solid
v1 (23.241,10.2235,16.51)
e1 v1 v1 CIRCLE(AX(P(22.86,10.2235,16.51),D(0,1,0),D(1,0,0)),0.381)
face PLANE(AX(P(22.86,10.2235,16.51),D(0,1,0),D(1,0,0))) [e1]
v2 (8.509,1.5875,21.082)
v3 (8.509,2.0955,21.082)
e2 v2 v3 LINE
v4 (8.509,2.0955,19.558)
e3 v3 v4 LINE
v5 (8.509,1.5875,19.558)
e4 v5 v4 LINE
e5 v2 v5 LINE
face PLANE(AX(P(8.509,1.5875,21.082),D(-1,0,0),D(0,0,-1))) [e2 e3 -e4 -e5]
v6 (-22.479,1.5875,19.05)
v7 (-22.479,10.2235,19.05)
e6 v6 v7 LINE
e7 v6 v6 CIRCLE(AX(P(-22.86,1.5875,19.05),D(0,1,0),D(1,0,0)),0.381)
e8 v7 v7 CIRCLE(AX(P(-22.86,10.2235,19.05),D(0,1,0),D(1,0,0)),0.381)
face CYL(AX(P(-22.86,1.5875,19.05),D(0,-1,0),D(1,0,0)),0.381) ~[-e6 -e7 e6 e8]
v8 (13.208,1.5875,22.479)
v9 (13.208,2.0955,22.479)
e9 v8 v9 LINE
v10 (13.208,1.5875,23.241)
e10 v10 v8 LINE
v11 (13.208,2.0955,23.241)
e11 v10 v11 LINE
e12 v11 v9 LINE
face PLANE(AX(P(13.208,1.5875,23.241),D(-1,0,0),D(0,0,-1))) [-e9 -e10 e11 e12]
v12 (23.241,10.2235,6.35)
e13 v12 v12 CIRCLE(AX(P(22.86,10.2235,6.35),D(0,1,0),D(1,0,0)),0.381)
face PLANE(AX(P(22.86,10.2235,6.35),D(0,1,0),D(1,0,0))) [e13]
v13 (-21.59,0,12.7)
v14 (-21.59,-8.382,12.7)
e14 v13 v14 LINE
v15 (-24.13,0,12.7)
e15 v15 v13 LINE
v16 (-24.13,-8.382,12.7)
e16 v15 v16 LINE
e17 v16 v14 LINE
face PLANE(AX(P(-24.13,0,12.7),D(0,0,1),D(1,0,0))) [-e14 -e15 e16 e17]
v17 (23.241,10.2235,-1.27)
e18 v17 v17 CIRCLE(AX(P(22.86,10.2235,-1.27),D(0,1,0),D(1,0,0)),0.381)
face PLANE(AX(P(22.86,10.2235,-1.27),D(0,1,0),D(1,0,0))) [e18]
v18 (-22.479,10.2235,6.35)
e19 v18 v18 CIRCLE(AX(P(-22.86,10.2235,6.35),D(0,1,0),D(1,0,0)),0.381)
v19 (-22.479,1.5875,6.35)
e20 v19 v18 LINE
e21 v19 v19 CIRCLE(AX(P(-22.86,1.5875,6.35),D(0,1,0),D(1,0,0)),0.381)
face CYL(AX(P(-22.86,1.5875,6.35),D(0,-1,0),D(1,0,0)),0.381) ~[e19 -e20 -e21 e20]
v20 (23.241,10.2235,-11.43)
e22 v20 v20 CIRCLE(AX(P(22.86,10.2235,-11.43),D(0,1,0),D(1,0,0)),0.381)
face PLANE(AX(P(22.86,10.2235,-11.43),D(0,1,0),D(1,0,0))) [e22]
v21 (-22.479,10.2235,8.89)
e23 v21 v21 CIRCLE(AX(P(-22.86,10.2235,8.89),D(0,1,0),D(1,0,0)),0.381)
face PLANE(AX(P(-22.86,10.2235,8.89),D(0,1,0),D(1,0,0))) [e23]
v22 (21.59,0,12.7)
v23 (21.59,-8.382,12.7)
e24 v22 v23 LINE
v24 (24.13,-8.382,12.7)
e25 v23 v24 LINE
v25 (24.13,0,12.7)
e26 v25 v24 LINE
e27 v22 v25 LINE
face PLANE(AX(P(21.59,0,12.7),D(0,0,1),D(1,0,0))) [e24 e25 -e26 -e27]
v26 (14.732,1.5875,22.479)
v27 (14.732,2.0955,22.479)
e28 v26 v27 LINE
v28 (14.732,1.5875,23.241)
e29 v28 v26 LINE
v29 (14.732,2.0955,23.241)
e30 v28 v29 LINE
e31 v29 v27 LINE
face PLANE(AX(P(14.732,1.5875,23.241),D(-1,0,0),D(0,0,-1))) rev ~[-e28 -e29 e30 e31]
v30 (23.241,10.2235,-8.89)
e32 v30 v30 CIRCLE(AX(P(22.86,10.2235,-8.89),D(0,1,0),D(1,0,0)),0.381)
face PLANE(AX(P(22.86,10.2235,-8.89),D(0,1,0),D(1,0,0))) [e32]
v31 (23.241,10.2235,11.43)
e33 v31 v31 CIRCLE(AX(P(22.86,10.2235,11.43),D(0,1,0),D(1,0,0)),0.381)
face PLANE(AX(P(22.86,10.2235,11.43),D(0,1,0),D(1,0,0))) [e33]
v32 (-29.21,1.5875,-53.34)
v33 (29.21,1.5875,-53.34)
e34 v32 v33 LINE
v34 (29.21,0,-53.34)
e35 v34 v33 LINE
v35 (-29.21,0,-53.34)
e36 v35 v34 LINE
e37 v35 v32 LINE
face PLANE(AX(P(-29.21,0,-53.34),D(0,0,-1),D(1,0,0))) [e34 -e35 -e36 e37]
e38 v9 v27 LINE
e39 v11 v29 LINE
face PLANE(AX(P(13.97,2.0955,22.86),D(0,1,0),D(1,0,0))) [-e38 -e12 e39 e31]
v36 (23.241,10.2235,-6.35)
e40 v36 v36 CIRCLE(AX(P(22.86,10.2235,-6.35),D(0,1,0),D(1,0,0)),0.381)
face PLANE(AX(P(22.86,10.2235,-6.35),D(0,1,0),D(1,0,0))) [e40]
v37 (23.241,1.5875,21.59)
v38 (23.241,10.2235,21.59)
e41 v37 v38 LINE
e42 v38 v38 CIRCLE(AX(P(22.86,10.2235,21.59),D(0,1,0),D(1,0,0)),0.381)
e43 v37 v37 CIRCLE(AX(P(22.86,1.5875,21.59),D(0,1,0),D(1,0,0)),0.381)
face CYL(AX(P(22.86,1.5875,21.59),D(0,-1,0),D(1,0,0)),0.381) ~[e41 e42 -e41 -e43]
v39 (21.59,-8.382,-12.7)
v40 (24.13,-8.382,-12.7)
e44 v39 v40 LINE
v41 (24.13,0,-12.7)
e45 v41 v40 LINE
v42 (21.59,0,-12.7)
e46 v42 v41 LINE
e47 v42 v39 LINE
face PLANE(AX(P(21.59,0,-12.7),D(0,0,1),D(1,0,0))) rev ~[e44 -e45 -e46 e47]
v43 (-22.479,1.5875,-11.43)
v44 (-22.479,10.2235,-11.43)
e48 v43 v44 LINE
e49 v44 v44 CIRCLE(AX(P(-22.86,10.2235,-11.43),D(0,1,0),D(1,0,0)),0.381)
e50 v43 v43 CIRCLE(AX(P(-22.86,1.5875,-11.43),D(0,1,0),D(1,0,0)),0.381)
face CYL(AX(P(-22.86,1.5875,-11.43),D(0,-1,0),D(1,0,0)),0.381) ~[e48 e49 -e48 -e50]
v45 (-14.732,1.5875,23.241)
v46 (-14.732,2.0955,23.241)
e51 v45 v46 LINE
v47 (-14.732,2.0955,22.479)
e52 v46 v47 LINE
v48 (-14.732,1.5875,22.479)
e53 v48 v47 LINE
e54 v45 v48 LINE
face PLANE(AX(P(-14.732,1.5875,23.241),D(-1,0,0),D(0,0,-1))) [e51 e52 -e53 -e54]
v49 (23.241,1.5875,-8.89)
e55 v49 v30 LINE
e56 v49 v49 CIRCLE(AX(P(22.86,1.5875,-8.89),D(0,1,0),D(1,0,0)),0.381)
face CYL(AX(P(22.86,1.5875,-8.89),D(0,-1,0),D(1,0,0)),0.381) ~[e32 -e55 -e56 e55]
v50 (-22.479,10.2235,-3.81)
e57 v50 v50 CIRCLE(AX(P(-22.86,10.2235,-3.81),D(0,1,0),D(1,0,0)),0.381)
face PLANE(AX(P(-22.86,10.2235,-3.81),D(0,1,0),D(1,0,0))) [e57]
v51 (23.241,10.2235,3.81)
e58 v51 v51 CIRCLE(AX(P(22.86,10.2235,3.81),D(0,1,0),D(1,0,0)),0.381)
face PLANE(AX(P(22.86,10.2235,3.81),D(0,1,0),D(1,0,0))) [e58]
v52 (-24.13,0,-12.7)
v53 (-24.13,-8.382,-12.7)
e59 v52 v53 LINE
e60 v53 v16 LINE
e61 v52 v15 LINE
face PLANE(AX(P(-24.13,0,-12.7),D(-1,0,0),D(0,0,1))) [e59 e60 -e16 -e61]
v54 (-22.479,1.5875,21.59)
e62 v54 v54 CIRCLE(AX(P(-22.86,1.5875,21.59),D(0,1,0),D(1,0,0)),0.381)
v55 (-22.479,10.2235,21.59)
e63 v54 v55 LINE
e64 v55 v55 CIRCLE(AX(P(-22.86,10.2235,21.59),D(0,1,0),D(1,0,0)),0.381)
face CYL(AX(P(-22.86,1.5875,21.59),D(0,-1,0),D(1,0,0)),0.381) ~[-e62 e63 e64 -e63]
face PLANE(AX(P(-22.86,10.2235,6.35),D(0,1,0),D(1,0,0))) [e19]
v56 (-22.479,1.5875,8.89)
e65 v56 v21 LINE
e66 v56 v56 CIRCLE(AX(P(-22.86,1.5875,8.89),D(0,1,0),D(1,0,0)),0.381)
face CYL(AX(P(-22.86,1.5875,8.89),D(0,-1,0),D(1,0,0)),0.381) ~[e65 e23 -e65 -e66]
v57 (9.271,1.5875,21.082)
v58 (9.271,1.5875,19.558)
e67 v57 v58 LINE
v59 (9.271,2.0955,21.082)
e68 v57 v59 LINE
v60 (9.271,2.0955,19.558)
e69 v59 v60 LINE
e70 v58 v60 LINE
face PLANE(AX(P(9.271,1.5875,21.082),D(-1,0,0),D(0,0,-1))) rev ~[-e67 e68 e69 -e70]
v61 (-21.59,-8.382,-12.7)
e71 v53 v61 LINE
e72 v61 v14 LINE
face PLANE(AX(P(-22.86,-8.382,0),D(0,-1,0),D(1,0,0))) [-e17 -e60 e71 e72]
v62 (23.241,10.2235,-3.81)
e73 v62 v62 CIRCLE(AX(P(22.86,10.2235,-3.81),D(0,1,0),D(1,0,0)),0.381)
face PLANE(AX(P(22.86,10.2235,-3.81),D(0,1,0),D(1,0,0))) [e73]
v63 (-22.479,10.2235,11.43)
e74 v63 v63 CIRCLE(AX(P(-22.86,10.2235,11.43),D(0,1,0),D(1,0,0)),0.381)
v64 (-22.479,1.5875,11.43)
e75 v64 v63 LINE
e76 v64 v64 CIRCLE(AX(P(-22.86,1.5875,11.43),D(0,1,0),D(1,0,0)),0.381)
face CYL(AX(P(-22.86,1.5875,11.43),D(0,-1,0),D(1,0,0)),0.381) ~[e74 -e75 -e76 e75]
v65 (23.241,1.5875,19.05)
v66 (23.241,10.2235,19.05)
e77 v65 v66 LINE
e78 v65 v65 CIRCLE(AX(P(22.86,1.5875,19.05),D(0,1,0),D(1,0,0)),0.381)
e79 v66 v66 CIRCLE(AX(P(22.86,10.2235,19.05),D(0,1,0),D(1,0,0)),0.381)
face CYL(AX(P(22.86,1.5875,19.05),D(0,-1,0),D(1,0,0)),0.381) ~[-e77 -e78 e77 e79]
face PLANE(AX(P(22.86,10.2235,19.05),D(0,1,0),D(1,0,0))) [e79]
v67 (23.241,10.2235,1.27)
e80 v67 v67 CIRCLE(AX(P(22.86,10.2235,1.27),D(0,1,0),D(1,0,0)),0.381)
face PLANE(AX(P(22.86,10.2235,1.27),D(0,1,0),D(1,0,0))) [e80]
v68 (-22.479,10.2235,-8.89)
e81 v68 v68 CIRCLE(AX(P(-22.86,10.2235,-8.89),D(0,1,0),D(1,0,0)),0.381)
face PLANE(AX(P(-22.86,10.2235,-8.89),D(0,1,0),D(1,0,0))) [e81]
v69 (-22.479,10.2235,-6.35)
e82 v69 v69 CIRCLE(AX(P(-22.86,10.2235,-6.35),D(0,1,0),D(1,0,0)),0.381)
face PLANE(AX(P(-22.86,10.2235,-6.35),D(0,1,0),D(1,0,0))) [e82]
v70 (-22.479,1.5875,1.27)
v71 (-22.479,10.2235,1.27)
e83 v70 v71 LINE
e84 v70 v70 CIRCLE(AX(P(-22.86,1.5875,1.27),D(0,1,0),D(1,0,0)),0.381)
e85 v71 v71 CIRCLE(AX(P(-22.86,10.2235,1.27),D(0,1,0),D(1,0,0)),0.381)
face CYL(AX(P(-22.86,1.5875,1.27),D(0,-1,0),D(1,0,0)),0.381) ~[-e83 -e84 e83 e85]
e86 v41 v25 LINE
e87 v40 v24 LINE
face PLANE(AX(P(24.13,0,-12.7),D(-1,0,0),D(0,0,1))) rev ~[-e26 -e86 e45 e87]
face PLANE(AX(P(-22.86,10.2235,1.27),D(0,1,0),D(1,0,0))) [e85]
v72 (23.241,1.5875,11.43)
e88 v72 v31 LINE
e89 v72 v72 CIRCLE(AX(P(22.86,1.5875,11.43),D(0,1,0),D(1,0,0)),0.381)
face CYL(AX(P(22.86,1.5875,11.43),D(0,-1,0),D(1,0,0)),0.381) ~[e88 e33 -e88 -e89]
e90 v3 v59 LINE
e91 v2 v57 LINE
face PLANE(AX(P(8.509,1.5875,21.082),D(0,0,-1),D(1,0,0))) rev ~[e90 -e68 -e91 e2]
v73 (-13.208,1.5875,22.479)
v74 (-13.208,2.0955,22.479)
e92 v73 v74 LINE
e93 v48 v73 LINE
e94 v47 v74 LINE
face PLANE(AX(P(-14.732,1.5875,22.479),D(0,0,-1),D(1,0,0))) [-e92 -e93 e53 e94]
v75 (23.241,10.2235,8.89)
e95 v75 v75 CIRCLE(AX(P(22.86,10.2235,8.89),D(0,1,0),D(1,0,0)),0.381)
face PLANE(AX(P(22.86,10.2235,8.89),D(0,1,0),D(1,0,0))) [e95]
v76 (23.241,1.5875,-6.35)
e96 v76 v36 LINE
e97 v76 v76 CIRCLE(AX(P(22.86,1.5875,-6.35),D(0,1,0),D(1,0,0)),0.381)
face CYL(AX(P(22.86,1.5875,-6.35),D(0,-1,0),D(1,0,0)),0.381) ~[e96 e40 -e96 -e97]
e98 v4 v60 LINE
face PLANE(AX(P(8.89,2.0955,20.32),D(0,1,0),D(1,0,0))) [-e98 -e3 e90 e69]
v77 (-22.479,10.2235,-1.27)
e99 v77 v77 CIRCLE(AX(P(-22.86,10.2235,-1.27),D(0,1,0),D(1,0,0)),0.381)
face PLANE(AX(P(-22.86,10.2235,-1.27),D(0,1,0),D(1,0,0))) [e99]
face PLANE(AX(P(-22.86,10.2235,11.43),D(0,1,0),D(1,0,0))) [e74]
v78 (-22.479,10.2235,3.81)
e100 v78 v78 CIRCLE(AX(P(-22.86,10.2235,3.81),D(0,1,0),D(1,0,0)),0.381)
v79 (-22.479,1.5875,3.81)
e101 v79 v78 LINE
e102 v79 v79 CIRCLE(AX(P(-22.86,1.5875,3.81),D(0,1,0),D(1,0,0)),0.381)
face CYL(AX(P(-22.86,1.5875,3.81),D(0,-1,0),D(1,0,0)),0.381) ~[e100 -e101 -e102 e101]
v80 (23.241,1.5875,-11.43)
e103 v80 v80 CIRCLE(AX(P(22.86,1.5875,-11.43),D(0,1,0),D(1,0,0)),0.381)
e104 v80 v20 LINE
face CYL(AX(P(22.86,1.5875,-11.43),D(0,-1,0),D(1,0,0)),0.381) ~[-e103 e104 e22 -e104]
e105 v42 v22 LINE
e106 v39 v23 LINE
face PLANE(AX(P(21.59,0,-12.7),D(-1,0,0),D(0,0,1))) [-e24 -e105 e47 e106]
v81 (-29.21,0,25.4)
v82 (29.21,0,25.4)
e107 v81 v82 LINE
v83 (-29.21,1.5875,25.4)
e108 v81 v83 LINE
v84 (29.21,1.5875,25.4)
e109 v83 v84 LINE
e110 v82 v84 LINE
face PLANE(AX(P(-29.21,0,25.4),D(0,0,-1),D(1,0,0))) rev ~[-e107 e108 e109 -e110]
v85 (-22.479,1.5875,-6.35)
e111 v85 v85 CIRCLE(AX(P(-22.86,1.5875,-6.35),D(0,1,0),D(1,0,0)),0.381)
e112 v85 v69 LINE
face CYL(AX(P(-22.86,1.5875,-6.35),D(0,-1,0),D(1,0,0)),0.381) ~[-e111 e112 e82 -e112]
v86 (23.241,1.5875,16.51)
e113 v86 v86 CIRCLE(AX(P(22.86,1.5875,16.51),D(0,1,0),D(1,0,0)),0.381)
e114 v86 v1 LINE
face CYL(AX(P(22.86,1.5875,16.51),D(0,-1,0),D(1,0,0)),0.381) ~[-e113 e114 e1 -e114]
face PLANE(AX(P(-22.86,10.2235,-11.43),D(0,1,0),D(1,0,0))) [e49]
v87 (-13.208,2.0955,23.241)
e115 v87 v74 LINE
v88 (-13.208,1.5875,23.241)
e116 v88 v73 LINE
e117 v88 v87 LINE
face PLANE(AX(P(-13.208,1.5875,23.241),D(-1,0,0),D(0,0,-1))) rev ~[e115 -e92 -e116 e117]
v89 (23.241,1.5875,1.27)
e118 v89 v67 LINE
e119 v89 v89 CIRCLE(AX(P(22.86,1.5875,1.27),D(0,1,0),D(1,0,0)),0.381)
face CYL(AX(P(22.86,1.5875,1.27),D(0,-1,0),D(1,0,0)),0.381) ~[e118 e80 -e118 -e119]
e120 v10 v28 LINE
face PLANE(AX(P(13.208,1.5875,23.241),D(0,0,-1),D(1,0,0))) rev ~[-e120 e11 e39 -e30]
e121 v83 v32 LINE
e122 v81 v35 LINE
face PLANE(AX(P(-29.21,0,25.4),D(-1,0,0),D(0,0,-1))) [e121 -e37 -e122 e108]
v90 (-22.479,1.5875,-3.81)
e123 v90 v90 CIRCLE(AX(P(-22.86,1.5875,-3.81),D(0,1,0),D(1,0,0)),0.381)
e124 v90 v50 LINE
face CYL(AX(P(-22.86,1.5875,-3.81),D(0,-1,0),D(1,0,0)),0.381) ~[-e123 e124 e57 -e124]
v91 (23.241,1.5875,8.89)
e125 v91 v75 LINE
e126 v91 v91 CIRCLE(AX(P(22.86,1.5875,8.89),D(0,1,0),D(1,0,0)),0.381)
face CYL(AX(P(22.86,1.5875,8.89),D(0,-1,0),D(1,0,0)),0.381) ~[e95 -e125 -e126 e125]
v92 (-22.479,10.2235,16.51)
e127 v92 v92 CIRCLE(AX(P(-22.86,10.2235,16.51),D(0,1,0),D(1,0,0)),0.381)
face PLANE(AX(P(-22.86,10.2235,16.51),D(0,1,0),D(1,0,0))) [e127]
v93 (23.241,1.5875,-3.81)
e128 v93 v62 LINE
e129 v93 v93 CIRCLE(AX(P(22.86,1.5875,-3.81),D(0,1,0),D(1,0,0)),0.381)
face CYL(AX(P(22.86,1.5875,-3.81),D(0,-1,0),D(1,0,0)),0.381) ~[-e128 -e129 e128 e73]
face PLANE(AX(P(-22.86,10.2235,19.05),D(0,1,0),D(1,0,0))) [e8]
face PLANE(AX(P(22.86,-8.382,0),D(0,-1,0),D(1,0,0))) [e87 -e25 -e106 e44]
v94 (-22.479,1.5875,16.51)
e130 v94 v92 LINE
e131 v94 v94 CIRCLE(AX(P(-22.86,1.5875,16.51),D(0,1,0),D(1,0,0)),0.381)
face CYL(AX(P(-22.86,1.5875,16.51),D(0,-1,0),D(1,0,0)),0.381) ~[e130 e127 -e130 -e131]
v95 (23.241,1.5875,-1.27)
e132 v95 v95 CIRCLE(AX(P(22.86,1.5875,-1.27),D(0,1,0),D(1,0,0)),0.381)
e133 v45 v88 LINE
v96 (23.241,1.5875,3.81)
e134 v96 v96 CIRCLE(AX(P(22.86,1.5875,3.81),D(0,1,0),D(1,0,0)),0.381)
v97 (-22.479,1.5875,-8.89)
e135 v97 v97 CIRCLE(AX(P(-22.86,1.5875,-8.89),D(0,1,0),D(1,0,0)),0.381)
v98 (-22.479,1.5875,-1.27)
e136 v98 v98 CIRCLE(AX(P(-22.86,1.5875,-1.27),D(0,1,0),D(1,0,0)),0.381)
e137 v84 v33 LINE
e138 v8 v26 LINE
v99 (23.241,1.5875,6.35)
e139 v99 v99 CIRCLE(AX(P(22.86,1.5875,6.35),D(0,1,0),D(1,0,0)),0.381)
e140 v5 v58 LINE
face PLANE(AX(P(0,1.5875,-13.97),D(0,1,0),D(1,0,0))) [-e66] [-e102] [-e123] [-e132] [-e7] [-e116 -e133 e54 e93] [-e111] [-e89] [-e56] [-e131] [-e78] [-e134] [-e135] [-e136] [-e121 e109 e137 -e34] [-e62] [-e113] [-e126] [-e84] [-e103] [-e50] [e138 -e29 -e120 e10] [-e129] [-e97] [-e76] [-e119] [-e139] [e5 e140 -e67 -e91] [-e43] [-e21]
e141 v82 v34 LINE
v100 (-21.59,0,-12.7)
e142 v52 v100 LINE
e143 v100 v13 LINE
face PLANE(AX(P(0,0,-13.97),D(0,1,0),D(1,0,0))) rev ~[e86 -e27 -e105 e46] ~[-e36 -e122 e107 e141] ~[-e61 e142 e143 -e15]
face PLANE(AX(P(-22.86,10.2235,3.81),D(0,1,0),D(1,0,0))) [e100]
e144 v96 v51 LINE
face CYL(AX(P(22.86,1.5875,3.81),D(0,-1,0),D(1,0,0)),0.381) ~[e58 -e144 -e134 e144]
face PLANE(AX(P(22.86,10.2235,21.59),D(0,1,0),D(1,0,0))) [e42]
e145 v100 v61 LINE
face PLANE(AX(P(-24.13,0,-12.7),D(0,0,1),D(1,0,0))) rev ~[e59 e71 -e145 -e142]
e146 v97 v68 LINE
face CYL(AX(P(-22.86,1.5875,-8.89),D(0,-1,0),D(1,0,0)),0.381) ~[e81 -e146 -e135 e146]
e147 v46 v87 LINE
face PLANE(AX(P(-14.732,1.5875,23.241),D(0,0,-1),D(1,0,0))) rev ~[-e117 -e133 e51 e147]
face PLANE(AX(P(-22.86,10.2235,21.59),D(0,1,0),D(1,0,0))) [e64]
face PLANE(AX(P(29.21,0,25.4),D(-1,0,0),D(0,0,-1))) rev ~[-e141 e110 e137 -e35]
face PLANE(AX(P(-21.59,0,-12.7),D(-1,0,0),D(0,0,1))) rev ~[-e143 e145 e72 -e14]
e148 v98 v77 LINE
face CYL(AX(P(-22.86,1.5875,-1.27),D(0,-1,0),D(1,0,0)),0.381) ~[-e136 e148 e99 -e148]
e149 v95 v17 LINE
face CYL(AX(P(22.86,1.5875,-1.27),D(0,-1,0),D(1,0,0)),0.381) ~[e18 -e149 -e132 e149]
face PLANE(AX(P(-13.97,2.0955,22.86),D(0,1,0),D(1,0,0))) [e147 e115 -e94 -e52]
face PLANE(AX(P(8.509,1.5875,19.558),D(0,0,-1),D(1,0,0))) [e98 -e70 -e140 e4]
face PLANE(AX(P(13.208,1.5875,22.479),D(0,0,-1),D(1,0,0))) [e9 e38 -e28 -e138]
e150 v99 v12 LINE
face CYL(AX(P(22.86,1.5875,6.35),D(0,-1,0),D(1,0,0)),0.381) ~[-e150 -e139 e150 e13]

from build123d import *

# Parameters (mm, degrees)
SKETCH5_W           = 58.42
SKETCH5_H           = 78.74
BOSS_EXTRUDE1_DEPTH = 1.5875
SKETCH6_R           = 0.381
BOSS_EXTRUDE2_DEPTH = 8.636
SKETCH7_W           = 2.54
SKETCH7_H           = 25.4
BOSS_EXTRUDE3_DEPTH = 8.382
SKETCH8_W           = 1.524
SKETCH8_H           = 0.762
SKETCH8_W_2         = 0.762
SKETCH8_H_2         = 1.524
BOSS_EXTRUDE4_DEPTH = 0.508


with BuildPart() as part:
    # Sketch5 → Boss-Extrude1 (new body)
    with BuildSketch(Plane(origin=(0, 0, 0), x_dir=(1, 0, 0), z_dir=(0, 1, 0))):
        with Locations((0, 13.97)):
            Rectangle(SKETCH5_W, SKETCH5_H)
    extrude(amount=BOSS_EXTRUDE1_DEPTH)

    # Sketch6 → Boss-Extrude2 (add)
    with BuildSketch(Plane(origin=(0, 1.5875, 0), x_dir=(1, 0, 0), z_dir=(0, 1, 0))):
        with Locations((-22.86, -21.59)):
            Circle(SKETCH6_R)
        with Locations((22.86, -21.59)):
            Circle(SKETCH6_R)
        with Locations((-22.86, -19.05)):
            Circle(SKETCH6_R)
        with Locations((22.86, -19.05)):
            Circle(SKETCH6_R)
        with Locations((-22.86, -16.51)):
            Circle(SKETCH6_R)
        with Locations((22.86, -16.51)):
            Circle(SKETCH6_R)
        with Locations((-22.86, -11.43)):
            Circle(SKETCH6_R)
        with Locations((22.86, -11.43)):
            Circle(SKETCH6_R)
        with Locations((-22.86, -8.89)):
            Circle(SKETCH6_R)
        with Locations((22.86, -8.89)):
            Circle(SKETCH6_R)
        with Locations((-22.86, -6.35)):
            Circle(SKETCH6_R)
        with Locations((22.86, -6.35)):
            Circle(SKETCH6_R)
        with Locations((-22.86, -3.81)):
            Circle(SKETCH6_R)
        with Locations((22.86, -3.81)):
            Circle(SKETCH6_R)
        with Locations((-22.86, -1.27)):
            Circle(SKETCH6_R)
        with Locations((22.86, -1.27)):
            Circle(SKETCH6_R)
        with Locations((-22.86, 1.27)):
            Circle(SKETCH6_R)
        with Locations((22.86, 1.27)):
            Circle(SKETCH6_R)
        with Locations((-22.86, 3.81)):
            Circle(SKETCH6_R)
        with Locations((22.86, 3.81)):
            Circle(SKETCH6_R)
        with Locations((-22.86, 6.35)):
            Circle(SKETCH6_R)
        with Locations((22.86, 6.35)):
            Circle(SKETCH6_R)
        with Locations((-22.86, 8.89)):
            Circle(SKETCH6_R)
        with Locations((22.86, 8.89)):
            Circle(SKETCH6_R)
        with Locations((-22.86, 11.43)):
            Circle(SKETCH6_R)
        with Locations((22.86, 11.43)):
            Circle(SKETCH6_R)
    extrude(amount=BOSS_EXTRUDE2_DEPTH)

    # Sketch7 → Boss-Extrude3 (add)
    with BuildSketch(Plane.XZ):
        with Locations((-22.86, 0)):
            Rectangle(SKETCH7_W, SKETCH7_H)
        with Locations((22.86, 0)):
            Rectangle(SKETCH7_W, SKETCH7_H)
    extrude(amount=BOSS_EXTRUDE3_DEPTH)

    # Sketch8 → Boss-Extrude4 (add)
    with BuildSketch(Plane(origin=(0, 1.5875, 0), x_dir=(1, 0, 0), z_dir=(0, 1, 0))):
        with Locations((13.97, -22.86)):
            Rectangle(SKETCH8_W, SKETCH8_H)
        with Locations((8.89, -20.32)):
            Rectangle(SKETCH8_W_2, SKETCH8_H_2)
        with Locations((-13.97, -22.86)):
            Rectangle(SKETCH8_W, SKETCH8_H)
    extrude(amount=BOSS_EXTRUDE4_DEPTH)


solid = part.part
